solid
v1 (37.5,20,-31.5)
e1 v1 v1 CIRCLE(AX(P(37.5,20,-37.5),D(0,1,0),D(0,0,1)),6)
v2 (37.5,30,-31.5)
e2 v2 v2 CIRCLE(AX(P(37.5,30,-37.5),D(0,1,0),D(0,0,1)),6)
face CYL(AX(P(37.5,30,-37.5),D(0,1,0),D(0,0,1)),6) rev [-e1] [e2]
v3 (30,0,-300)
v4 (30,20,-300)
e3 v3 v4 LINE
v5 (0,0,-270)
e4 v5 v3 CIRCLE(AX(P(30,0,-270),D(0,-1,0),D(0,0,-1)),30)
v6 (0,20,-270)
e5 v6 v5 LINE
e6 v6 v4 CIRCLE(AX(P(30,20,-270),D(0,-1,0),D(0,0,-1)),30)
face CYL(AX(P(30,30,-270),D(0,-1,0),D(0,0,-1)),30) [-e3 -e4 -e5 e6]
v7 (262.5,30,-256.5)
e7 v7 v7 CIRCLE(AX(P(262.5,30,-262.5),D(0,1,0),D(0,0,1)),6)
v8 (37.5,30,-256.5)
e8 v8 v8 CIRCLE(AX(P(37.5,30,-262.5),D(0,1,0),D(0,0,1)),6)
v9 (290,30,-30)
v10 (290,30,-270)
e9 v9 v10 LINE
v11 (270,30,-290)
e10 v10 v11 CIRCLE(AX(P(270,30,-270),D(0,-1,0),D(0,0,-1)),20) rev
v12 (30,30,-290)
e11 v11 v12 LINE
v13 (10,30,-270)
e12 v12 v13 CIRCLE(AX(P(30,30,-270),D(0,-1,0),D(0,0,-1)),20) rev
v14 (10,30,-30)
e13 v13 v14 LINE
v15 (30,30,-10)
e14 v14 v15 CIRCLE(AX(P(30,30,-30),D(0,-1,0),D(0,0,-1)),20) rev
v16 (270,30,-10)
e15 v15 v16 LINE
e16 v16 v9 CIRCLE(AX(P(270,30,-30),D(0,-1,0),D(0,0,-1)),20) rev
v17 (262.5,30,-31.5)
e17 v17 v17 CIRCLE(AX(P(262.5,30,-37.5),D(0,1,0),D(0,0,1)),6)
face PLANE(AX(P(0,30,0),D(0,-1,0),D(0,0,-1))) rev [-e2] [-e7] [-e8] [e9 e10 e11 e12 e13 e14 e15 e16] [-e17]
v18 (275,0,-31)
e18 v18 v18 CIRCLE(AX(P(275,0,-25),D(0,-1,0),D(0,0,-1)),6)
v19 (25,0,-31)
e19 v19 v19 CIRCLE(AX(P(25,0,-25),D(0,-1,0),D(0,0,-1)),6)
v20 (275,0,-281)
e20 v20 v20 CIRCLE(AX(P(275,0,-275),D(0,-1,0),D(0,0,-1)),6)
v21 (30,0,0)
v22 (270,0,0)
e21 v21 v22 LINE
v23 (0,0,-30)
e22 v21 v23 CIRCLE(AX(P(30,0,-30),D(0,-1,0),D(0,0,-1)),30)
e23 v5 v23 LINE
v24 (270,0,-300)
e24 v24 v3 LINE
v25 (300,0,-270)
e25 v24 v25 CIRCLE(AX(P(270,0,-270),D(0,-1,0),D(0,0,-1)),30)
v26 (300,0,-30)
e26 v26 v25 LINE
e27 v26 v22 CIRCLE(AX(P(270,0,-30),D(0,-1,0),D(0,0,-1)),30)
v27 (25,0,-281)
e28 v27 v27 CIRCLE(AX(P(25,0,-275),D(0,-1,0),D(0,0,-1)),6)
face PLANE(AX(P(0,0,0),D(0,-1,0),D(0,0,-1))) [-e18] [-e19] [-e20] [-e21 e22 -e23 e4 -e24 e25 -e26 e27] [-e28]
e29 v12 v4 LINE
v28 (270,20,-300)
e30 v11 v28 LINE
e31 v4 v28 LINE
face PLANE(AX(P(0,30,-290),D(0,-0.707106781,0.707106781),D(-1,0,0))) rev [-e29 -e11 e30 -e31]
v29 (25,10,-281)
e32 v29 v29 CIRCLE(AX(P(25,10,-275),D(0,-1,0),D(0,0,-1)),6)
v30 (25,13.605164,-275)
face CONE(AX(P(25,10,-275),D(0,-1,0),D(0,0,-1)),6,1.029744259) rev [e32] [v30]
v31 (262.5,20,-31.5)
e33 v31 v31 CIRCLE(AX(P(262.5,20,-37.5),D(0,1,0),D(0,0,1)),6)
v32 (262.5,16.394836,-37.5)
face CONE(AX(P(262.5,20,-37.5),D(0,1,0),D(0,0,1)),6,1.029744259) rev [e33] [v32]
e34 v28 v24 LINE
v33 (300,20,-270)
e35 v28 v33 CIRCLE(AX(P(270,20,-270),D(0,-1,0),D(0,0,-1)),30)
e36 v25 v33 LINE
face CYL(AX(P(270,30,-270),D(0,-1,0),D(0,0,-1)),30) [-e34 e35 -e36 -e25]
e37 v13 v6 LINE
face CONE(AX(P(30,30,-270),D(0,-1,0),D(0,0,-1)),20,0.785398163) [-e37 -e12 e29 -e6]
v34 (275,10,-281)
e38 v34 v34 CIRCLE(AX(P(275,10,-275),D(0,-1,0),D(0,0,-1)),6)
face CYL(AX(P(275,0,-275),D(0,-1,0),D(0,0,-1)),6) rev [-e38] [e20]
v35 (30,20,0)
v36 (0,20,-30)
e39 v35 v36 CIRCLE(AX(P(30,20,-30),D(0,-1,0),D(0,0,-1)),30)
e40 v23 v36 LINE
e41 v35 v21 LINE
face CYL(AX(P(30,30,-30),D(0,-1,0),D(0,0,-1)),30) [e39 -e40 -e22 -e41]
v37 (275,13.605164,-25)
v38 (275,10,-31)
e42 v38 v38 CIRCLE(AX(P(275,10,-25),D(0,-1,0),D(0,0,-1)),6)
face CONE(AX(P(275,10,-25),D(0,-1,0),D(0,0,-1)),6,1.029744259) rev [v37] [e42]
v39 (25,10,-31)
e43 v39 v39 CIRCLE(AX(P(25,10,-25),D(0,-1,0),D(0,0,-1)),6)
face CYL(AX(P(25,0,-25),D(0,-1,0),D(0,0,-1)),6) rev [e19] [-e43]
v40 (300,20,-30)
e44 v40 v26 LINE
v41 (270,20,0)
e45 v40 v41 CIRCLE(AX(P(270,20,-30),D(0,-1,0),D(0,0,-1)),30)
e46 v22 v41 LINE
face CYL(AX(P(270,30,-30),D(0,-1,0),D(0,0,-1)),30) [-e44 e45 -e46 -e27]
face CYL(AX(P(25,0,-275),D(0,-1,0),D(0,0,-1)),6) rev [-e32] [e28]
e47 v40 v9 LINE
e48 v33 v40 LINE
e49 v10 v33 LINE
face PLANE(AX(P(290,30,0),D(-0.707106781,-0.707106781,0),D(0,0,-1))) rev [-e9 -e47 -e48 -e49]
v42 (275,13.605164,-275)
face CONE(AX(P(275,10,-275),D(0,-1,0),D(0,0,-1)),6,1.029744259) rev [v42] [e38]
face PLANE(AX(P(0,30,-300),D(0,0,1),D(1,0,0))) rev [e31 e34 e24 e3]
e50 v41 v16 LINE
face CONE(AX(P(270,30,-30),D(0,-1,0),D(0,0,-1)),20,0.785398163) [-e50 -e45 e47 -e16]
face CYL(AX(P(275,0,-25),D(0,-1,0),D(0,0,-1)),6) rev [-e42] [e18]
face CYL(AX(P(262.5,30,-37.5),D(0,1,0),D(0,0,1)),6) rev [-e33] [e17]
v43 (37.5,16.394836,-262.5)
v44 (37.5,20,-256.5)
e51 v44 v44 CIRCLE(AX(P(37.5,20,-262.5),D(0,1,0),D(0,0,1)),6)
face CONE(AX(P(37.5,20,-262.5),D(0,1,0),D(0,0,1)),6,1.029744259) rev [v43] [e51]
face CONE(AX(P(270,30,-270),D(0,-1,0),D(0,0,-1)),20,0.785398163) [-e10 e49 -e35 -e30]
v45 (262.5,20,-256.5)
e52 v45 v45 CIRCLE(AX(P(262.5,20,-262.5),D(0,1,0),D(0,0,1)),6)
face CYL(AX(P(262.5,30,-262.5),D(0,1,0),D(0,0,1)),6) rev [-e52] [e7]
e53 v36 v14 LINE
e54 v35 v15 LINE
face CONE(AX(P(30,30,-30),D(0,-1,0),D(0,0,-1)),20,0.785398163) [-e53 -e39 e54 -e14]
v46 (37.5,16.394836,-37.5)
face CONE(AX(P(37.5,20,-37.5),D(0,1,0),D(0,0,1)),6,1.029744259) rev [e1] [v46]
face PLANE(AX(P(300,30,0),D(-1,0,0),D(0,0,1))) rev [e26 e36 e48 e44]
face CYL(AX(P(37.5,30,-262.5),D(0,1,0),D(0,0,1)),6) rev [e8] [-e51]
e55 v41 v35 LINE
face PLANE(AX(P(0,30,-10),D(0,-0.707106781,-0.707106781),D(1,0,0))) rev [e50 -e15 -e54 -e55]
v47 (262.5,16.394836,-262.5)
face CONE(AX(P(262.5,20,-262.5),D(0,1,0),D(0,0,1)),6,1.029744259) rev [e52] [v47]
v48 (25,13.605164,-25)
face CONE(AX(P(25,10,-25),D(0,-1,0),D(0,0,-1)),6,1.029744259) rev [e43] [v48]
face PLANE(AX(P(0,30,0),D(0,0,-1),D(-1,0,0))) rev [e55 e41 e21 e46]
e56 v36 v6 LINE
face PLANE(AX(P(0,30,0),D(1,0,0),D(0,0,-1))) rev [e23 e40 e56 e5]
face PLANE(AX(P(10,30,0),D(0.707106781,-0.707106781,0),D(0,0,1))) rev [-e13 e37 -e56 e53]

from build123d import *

# Parameters (mm, degrees)
SKETCH_1_W                 = 300
SKETCH_1_H                 = 300
EXTRUDE_1_DEPTH            = 30
FILLET_1_R                 = 30
CHAMFER_1_SIZE             = 10
F_20_0MM_1_D               = 12
F_20_0MM_1_DEPTH           = 10
F_20_0MM_1_TIP             = 3.605163714
F_20_0MM_1_ON_FACE_2_D     = 12
F_20_0MM_1_ON_FACE_2_DEPTH = 10
F_20_0MM_1_ON_FACE_2_TIP   = 3.605163714


with BuildPart() as part:
    # 草圖1 → 填料-伸長1 (new body)
    with BuildSketch(Plane(origin=(0, 0, 0), x_dir=(1, 0, 0), z_dir=(0, 1, 0))):
        with Locations((150, 150)):
            Rectangle(SKETCH_1_W, SKETCH_1_H)
    extrude(amount=EXTRUDE_1_DEPTH)

    # 圓角1
    fillet_1_edges = [part.edges().sort_by_distance(p)[0] for p in [
        (0, 15, -300),
        (300, 15, -300),
        (300, 15, 0),
        (0, 15, 0),
    ]]
    fillet(fillet_1_edges, radius=FILLET_1_R)

    # 導角1
    chamfer_1_edges = [part.edges().sort_by_distance(p)[0] for p in [
        (0, 30, -150),
        (150, 30, -300),
        (150, 30, 0),
        (300, 30, -150),
        (8.786796564, 30, -8.786796564),
        (291.213203436, 30, -8.786796564),
        (291.213203436, 30, -291.213203436),
        (8.786796564, 30, -291.213203436),
    ]]
    chamfer(chamfer_1_edges, length=CHAMFER_1_SIZE)

    # Ø20.0mm 定位孔1
    with Locations(Plane(origin=(37.5, 30, -37.5), x_dir=(0, 0, 1), z_dir=(0, 1, 0))):
        with Locations((0, 0), (-225, 0), (-225, 225), (0, 225)):
            Hole(F_20_0MM_1_D / 2, depth=F_20_0MM_1_DEPTH)
            with Locations((0, 0, -(F_20_0MM_1_DEPTH + F_20_0MM_1_TIP / 2))):  # 118° drill point
                Cone(0, F_20_0MM_1_D / 2, F_20_0MM_1_TIP, mode=Mode.SUBTRACT)

    # Ø20.0mm 定位孔1 on face 2
    with Locations(Plane(origin=(25, 0, -25), x_dir=(0, 0, -1), z_dir=(0, -1, 0))):
        with Locations((0, 0), (0, 250), (250, 250), (250, 0)):
            Hole(F_20_0MM_1_ON_FACE_2_D / 2, depth=F_20_0MM_1_ON_FACE_2_DEPTH)
            with Locations((0, 0, -(F_20_0MM_1_ON_FACE_2_DEPTH + F_20_0MM_1_ON_FACE_2_TIP / 2))):  # 118° drill point
                Cone(0, F_20_0MM_1_ON_FACE_2_D / 2, F_20_0MM_1_ON_FACE_2_TIP, mode=Mode.SUBTRACT)


solid = part.part
